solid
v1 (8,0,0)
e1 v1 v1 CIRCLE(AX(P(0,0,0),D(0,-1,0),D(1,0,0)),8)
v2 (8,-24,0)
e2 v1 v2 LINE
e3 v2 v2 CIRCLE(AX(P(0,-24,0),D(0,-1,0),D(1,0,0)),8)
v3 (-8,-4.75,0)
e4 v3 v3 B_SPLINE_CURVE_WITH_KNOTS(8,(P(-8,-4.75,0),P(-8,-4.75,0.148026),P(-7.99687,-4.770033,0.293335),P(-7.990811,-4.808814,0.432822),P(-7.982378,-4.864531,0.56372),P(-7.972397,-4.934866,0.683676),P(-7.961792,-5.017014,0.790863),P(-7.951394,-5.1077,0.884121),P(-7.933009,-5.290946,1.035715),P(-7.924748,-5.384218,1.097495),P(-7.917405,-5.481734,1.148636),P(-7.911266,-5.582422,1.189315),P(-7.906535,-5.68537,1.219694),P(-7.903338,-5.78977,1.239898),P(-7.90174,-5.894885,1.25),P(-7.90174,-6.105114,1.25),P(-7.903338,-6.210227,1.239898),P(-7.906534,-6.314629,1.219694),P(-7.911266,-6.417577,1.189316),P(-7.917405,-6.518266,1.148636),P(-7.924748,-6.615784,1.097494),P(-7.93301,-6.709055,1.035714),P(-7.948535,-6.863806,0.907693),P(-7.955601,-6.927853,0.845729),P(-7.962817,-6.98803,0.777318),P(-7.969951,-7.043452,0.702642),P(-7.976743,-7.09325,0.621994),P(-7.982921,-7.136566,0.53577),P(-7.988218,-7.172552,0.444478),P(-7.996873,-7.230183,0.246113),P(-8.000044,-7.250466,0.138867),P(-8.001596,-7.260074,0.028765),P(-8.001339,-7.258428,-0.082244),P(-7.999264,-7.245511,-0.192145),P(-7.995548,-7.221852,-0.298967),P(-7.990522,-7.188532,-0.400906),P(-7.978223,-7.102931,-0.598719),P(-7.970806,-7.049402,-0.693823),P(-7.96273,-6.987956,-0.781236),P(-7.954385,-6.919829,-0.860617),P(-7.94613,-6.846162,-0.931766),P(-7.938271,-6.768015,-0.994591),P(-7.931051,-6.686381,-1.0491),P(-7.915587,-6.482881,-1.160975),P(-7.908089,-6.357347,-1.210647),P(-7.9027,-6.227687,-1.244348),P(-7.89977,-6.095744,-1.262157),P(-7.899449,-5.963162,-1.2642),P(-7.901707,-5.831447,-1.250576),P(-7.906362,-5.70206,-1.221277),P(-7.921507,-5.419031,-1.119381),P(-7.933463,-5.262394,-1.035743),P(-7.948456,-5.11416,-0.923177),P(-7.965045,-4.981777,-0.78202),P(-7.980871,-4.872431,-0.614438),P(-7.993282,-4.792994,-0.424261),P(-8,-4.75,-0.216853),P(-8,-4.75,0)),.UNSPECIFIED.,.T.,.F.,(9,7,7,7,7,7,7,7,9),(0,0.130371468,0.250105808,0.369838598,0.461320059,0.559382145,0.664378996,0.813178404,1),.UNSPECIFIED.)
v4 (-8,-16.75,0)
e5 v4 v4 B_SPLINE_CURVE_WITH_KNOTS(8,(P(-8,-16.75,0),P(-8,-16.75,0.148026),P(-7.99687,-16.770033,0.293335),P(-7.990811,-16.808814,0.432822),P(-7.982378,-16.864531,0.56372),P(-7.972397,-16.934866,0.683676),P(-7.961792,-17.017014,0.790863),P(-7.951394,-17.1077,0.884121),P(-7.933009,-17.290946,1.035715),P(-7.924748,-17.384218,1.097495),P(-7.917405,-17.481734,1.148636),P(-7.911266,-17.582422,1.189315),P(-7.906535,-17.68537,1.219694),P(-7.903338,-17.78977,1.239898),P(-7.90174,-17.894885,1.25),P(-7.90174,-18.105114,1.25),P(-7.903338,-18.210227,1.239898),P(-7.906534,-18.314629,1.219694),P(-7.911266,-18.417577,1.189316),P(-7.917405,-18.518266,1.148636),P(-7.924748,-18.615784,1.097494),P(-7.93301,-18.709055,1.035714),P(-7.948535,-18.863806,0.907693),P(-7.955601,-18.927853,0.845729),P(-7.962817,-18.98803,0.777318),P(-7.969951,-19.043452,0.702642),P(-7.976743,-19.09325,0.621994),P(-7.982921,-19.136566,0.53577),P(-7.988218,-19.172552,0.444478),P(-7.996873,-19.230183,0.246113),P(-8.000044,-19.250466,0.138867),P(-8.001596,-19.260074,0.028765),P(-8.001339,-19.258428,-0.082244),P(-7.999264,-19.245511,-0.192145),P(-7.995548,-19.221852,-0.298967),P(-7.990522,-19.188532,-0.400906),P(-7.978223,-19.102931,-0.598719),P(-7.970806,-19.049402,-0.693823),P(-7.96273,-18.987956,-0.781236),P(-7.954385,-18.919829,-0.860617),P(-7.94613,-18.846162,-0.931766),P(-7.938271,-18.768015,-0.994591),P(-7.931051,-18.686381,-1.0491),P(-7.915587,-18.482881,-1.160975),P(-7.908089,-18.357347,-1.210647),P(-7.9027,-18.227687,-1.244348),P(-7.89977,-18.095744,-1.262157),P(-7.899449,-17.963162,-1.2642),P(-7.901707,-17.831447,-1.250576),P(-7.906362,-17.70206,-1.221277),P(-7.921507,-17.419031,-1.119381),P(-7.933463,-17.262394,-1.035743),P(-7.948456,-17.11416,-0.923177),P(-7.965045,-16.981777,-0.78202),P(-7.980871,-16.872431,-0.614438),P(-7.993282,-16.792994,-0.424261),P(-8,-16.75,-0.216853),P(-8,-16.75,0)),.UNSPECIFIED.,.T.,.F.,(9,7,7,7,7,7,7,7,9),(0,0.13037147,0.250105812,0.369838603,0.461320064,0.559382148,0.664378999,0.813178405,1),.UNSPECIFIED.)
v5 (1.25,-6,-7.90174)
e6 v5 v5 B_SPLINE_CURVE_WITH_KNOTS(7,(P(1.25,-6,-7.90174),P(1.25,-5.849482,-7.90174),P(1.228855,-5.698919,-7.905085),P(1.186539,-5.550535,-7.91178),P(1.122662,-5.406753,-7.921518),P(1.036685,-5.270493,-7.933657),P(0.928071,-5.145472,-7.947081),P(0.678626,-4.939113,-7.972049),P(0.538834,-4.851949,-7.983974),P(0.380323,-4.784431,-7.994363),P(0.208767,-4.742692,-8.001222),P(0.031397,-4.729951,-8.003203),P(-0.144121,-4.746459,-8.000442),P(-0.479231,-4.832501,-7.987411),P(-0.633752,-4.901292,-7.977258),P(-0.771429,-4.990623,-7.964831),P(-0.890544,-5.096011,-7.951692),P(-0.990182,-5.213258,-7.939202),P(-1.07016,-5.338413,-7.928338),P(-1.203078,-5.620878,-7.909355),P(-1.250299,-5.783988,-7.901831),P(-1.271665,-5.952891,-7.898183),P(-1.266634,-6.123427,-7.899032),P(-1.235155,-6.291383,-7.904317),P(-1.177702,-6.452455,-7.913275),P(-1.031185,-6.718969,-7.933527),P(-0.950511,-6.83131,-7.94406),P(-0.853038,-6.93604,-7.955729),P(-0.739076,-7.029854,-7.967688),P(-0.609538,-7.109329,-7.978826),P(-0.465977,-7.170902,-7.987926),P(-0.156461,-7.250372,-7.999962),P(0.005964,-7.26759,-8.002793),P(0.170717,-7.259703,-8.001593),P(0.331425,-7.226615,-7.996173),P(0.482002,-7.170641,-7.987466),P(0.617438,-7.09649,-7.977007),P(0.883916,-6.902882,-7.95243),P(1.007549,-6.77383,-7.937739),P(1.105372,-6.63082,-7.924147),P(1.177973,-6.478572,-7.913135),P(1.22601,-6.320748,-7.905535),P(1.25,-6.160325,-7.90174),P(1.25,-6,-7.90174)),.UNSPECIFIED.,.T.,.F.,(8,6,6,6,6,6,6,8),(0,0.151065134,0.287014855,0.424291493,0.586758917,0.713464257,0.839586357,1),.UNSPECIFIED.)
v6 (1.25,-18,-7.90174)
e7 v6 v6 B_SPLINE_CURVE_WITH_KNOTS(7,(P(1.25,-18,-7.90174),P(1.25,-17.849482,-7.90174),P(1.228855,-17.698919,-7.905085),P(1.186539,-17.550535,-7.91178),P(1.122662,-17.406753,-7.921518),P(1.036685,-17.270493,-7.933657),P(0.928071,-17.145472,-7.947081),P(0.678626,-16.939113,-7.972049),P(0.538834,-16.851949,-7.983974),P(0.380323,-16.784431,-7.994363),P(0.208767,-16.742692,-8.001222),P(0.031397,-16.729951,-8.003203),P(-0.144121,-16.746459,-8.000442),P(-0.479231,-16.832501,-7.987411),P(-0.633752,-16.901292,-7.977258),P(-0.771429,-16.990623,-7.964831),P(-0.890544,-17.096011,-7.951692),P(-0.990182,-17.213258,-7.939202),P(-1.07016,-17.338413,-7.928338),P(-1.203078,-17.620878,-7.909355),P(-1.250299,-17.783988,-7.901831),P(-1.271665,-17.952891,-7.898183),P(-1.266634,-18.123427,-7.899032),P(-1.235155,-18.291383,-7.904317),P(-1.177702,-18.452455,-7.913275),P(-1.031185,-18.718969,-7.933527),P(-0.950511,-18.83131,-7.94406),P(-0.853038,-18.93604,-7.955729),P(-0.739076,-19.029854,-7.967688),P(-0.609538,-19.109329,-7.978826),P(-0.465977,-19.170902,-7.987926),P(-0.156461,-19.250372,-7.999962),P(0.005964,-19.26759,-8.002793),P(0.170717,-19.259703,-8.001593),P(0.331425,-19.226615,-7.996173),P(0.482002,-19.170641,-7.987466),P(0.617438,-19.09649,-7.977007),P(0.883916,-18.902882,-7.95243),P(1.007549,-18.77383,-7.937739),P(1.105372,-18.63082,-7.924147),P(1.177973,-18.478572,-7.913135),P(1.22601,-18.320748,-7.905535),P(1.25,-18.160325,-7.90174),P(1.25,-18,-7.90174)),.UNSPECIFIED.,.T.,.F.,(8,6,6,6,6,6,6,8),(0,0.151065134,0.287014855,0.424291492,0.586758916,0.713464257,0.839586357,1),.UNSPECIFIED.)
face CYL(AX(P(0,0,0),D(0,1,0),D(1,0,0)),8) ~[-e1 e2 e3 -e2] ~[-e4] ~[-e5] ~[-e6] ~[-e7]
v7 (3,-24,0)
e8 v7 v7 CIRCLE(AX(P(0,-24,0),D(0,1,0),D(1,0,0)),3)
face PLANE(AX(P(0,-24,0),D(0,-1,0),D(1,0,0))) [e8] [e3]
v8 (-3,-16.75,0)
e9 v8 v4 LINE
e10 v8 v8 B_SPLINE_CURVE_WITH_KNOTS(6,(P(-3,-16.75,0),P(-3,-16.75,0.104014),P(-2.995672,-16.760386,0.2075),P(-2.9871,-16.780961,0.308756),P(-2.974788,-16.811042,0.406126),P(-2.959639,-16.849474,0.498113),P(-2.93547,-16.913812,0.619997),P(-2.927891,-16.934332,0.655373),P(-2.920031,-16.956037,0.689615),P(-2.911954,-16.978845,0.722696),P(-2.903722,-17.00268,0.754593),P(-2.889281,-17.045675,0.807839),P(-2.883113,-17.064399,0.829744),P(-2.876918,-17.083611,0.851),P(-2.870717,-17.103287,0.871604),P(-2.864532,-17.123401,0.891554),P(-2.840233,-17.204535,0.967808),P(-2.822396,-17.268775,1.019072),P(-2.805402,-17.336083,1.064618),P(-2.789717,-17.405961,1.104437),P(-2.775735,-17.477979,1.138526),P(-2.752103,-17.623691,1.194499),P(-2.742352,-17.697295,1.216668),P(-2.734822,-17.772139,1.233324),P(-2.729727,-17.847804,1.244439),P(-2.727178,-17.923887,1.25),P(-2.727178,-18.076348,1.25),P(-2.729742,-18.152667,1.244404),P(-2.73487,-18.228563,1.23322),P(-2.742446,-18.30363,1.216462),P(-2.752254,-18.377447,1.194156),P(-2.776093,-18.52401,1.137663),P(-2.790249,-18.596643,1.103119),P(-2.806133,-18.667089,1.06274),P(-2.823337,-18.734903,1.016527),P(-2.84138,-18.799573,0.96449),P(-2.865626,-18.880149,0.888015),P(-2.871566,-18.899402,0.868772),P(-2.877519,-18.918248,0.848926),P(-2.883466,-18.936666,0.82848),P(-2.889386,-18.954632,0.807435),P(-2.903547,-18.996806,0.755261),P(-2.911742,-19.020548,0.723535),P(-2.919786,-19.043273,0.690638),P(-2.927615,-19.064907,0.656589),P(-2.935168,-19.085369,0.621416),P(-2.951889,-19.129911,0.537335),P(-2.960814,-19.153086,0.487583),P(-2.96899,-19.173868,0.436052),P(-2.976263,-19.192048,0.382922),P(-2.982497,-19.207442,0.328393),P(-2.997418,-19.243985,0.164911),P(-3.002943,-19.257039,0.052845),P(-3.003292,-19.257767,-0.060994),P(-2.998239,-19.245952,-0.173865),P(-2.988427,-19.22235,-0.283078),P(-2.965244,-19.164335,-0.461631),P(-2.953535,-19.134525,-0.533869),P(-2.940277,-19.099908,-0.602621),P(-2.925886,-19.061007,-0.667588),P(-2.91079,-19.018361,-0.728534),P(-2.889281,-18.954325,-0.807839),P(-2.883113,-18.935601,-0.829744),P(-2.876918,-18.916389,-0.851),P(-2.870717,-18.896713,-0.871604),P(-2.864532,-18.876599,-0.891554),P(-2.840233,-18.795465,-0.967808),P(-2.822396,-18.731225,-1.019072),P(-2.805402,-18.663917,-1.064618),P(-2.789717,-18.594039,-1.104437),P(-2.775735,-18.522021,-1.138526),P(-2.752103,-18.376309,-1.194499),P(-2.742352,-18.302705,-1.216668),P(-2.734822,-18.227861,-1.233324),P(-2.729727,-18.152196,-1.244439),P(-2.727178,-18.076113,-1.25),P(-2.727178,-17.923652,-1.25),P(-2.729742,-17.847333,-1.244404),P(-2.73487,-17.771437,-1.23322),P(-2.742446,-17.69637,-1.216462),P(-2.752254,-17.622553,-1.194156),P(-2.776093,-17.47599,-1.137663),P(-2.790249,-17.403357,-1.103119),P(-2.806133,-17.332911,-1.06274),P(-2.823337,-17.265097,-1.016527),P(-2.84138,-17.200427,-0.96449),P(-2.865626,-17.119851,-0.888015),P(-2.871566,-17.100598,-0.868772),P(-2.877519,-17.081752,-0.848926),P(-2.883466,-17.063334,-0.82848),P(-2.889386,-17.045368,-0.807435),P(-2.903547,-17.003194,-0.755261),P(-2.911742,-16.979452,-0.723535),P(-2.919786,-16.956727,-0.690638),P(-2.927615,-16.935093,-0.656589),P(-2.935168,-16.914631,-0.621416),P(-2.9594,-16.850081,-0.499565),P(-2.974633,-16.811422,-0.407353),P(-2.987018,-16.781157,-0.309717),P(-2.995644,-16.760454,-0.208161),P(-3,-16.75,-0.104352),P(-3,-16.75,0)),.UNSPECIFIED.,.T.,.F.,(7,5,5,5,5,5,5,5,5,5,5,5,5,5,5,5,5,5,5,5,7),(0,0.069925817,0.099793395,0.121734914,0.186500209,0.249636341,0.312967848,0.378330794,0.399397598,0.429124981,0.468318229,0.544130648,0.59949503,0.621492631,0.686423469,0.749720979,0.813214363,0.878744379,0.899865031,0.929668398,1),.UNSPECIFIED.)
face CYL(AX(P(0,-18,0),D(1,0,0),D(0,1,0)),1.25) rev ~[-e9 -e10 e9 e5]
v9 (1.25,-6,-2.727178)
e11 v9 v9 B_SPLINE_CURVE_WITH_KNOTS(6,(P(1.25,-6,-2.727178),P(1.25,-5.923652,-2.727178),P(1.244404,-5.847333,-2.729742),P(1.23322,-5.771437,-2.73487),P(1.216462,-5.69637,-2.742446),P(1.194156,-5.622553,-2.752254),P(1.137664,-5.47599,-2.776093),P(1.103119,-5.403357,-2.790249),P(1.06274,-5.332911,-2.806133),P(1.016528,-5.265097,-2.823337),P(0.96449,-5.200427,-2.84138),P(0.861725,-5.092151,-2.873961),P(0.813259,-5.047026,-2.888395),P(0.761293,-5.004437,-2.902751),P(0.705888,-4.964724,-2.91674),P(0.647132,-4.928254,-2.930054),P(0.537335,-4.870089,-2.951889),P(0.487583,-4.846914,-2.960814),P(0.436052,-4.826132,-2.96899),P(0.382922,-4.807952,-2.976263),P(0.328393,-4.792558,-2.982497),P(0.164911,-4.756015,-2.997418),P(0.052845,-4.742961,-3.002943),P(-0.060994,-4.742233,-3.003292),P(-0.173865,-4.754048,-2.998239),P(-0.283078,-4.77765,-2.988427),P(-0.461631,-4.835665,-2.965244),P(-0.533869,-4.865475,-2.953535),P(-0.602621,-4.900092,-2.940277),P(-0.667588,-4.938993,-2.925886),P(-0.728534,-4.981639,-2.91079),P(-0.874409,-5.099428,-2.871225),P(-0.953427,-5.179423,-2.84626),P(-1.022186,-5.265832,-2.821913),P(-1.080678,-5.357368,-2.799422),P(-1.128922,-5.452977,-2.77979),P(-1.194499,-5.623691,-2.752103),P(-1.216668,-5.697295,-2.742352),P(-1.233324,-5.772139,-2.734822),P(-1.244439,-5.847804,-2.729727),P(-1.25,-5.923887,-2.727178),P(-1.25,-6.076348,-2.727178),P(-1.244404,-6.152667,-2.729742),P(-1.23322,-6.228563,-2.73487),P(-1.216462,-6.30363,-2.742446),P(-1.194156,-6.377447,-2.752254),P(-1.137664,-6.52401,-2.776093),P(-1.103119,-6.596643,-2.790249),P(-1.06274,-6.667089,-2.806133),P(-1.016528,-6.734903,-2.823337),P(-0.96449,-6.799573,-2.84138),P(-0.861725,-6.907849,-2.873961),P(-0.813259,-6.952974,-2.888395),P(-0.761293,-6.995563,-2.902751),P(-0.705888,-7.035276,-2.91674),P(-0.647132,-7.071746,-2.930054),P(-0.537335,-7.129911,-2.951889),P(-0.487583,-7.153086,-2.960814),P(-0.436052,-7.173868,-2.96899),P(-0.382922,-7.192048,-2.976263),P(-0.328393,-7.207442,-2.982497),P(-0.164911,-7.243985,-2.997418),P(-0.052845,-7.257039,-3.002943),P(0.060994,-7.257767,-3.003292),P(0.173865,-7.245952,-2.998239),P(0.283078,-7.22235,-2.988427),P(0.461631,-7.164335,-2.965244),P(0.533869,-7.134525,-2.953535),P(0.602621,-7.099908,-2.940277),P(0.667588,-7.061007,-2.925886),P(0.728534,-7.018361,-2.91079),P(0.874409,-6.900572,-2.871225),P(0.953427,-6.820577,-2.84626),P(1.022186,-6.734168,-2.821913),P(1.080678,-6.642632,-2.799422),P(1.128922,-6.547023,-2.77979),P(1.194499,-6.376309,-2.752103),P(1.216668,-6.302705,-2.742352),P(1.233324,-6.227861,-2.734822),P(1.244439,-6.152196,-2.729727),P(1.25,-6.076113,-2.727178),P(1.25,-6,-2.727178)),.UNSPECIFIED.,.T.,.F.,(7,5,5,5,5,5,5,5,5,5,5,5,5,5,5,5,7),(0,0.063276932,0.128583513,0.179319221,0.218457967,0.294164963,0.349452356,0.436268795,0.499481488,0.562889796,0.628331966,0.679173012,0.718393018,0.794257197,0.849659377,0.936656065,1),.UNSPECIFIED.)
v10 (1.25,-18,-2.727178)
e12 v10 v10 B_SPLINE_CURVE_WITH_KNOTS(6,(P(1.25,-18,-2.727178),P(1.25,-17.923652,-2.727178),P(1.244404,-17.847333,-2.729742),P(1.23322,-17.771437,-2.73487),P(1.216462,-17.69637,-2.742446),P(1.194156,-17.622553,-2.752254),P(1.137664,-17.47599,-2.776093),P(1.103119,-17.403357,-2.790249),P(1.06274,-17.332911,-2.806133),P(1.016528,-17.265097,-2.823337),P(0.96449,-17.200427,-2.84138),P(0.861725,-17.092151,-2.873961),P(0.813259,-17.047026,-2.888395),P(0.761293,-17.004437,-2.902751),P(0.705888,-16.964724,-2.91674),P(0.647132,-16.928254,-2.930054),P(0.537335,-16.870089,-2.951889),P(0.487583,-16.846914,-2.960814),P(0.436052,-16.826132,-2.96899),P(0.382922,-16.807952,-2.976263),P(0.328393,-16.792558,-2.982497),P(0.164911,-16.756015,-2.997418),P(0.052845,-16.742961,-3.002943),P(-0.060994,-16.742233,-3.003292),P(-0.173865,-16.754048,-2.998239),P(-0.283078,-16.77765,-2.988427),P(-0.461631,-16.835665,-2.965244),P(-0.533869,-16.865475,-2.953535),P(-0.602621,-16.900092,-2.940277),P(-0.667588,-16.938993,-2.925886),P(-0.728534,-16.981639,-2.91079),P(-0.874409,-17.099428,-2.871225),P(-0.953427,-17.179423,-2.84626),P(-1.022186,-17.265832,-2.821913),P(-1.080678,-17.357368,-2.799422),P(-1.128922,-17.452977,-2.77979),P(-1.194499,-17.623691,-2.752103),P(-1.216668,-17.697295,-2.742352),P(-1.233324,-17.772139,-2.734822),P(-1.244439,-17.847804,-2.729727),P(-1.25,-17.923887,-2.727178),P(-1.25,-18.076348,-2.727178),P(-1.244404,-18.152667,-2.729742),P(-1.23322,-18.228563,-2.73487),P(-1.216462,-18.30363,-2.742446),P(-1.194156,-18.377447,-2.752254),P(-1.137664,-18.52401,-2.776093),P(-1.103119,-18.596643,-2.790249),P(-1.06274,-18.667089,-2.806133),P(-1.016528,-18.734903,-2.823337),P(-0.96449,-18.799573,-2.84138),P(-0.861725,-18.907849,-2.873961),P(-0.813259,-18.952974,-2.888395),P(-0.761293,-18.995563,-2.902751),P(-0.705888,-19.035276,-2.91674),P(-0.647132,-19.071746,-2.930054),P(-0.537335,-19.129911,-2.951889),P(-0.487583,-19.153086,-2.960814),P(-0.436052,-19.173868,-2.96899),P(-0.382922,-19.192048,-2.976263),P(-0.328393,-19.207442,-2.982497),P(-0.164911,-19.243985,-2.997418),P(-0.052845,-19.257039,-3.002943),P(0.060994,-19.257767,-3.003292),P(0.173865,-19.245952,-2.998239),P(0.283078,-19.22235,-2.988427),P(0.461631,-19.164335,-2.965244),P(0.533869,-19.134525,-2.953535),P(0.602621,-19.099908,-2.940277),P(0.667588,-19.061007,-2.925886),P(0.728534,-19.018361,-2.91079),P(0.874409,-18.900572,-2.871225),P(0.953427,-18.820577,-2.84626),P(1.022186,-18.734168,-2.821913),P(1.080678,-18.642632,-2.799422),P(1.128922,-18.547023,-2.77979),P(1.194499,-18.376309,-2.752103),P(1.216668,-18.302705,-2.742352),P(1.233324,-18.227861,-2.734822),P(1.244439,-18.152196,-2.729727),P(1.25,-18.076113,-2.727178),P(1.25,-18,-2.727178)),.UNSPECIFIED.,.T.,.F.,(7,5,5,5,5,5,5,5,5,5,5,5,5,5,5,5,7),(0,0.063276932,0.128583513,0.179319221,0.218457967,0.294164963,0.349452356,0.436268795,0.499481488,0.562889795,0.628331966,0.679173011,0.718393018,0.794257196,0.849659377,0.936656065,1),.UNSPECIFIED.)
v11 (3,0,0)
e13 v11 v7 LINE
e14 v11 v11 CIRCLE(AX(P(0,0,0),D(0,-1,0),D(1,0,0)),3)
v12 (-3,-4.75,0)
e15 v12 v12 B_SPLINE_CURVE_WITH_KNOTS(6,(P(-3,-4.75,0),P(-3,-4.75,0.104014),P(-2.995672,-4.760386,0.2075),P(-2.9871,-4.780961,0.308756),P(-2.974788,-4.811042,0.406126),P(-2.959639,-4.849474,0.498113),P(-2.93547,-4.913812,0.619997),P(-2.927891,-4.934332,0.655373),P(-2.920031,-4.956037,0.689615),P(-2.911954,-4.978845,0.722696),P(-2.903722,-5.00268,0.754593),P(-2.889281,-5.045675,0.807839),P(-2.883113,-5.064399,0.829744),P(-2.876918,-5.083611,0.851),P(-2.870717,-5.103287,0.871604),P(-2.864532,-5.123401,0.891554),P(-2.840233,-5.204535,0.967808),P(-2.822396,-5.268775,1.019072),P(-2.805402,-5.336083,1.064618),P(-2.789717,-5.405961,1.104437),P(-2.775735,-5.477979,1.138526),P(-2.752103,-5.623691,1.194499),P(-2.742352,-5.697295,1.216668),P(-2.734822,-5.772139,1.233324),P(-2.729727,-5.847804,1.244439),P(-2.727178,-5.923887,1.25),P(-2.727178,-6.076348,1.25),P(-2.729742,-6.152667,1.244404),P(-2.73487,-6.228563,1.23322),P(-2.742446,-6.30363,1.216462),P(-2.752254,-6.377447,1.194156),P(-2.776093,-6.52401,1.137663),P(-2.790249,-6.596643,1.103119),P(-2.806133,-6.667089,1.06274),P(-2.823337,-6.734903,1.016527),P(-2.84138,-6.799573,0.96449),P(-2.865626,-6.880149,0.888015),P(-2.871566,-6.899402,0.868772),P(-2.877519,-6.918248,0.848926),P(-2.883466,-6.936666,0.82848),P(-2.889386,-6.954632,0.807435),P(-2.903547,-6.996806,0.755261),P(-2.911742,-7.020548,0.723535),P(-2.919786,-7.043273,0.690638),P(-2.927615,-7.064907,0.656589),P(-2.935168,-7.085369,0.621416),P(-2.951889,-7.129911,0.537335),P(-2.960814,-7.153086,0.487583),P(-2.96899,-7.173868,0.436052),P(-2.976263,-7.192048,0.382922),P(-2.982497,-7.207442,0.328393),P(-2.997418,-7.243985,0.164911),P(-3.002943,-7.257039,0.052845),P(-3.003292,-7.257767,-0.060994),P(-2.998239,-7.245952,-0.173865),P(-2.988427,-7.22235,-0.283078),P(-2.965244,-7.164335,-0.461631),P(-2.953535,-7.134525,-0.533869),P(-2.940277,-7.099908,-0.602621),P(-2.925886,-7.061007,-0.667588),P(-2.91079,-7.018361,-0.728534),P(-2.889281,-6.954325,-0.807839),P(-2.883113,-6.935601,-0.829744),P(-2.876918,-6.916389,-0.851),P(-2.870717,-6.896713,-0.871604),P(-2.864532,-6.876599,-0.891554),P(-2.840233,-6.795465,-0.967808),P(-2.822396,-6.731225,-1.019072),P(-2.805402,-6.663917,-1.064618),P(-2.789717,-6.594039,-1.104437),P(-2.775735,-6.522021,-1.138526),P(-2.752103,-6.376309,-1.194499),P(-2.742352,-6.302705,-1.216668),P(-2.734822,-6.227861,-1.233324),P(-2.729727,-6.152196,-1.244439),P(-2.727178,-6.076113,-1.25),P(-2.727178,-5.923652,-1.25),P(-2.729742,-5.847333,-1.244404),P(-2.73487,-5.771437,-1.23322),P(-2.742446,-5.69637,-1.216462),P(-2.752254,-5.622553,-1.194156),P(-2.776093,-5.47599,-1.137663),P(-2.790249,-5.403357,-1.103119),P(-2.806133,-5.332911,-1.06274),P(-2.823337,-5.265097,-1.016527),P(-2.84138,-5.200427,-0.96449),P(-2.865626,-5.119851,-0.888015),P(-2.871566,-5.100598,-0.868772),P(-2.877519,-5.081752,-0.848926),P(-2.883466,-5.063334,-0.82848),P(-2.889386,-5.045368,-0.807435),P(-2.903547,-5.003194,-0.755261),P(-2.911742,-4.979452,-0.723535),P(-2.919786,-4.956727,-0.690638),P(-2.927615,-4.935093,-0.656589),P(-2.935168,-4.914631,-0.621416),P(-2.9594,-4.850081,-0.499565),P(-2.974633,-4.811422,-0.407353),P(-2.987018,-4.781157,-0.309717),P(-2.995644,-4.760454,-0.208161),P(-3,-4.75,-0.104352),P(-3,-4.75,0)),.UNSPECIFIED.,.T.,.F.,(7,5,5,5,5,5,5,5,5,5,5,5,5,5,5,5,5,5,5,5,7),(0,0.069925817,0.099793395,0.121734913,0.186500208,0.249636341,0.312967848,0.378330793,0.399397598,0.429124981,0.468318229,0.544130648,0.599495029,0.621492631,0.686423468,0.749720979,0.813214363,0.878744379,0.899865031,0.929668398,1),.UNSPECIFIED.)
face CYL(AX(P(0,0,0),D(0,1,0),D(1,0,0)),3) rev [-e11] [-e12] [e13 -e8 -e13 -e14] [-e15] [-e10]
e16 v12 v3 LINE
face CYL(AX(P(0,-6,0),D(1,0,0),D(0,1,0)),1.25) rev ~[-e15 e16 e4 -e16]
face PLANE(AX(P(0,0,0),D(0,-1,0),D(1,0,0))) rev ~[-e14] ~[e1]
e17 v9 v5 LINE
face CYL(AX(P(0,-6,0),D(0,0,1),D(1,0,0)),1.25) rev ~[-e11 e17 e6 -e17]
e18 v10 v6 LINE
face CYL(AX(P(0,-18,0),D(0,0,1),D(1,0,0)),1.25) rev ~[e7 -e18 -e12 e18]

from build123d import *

# Parameters (mm, degrees)
F0_R     = 8
F1_DEPTH = 24
F2_R     = 3
F3_DEPTH = 24.001
F5_D     = 2.5
F5_DEPTH = 8.001
F7_D     = 2.5
F7_DEPTH = 8.0010001


with BuildPart() as f1:
    # F0 (on Front) → F1 (new body)
    with BuildSketch(Plane.XZ):
        Circle(F0_R)
    extrude(amount=F1_DEPTH)

    # F2 (on Front) → F3 (cut, through all)
    with BuildSketch(Plane.XZ):
        Circle(F2_R)
    extrude(amount=F3_DEPTH, mode=Mode.SUBTRACT)

    # F5 (through all, one way)
    with BuildSketch(Plane.YZ):
        with Locations((-18, 0), (-6, 0)):
            Circle(F5_D / 2)
    extrude(amount=-F5_DEPTH, mode=Mode.SUBTRACT)

    # F7 (through all, one way)
    with BuildSketch(Plane.XY):
        with Locations((0, -18), (0, -6)):
            Circle(F7_D / 2)
    extrude(amount=-F7_DEPTH, mode=Mode.SUBTRACT)


solid = f1.part
